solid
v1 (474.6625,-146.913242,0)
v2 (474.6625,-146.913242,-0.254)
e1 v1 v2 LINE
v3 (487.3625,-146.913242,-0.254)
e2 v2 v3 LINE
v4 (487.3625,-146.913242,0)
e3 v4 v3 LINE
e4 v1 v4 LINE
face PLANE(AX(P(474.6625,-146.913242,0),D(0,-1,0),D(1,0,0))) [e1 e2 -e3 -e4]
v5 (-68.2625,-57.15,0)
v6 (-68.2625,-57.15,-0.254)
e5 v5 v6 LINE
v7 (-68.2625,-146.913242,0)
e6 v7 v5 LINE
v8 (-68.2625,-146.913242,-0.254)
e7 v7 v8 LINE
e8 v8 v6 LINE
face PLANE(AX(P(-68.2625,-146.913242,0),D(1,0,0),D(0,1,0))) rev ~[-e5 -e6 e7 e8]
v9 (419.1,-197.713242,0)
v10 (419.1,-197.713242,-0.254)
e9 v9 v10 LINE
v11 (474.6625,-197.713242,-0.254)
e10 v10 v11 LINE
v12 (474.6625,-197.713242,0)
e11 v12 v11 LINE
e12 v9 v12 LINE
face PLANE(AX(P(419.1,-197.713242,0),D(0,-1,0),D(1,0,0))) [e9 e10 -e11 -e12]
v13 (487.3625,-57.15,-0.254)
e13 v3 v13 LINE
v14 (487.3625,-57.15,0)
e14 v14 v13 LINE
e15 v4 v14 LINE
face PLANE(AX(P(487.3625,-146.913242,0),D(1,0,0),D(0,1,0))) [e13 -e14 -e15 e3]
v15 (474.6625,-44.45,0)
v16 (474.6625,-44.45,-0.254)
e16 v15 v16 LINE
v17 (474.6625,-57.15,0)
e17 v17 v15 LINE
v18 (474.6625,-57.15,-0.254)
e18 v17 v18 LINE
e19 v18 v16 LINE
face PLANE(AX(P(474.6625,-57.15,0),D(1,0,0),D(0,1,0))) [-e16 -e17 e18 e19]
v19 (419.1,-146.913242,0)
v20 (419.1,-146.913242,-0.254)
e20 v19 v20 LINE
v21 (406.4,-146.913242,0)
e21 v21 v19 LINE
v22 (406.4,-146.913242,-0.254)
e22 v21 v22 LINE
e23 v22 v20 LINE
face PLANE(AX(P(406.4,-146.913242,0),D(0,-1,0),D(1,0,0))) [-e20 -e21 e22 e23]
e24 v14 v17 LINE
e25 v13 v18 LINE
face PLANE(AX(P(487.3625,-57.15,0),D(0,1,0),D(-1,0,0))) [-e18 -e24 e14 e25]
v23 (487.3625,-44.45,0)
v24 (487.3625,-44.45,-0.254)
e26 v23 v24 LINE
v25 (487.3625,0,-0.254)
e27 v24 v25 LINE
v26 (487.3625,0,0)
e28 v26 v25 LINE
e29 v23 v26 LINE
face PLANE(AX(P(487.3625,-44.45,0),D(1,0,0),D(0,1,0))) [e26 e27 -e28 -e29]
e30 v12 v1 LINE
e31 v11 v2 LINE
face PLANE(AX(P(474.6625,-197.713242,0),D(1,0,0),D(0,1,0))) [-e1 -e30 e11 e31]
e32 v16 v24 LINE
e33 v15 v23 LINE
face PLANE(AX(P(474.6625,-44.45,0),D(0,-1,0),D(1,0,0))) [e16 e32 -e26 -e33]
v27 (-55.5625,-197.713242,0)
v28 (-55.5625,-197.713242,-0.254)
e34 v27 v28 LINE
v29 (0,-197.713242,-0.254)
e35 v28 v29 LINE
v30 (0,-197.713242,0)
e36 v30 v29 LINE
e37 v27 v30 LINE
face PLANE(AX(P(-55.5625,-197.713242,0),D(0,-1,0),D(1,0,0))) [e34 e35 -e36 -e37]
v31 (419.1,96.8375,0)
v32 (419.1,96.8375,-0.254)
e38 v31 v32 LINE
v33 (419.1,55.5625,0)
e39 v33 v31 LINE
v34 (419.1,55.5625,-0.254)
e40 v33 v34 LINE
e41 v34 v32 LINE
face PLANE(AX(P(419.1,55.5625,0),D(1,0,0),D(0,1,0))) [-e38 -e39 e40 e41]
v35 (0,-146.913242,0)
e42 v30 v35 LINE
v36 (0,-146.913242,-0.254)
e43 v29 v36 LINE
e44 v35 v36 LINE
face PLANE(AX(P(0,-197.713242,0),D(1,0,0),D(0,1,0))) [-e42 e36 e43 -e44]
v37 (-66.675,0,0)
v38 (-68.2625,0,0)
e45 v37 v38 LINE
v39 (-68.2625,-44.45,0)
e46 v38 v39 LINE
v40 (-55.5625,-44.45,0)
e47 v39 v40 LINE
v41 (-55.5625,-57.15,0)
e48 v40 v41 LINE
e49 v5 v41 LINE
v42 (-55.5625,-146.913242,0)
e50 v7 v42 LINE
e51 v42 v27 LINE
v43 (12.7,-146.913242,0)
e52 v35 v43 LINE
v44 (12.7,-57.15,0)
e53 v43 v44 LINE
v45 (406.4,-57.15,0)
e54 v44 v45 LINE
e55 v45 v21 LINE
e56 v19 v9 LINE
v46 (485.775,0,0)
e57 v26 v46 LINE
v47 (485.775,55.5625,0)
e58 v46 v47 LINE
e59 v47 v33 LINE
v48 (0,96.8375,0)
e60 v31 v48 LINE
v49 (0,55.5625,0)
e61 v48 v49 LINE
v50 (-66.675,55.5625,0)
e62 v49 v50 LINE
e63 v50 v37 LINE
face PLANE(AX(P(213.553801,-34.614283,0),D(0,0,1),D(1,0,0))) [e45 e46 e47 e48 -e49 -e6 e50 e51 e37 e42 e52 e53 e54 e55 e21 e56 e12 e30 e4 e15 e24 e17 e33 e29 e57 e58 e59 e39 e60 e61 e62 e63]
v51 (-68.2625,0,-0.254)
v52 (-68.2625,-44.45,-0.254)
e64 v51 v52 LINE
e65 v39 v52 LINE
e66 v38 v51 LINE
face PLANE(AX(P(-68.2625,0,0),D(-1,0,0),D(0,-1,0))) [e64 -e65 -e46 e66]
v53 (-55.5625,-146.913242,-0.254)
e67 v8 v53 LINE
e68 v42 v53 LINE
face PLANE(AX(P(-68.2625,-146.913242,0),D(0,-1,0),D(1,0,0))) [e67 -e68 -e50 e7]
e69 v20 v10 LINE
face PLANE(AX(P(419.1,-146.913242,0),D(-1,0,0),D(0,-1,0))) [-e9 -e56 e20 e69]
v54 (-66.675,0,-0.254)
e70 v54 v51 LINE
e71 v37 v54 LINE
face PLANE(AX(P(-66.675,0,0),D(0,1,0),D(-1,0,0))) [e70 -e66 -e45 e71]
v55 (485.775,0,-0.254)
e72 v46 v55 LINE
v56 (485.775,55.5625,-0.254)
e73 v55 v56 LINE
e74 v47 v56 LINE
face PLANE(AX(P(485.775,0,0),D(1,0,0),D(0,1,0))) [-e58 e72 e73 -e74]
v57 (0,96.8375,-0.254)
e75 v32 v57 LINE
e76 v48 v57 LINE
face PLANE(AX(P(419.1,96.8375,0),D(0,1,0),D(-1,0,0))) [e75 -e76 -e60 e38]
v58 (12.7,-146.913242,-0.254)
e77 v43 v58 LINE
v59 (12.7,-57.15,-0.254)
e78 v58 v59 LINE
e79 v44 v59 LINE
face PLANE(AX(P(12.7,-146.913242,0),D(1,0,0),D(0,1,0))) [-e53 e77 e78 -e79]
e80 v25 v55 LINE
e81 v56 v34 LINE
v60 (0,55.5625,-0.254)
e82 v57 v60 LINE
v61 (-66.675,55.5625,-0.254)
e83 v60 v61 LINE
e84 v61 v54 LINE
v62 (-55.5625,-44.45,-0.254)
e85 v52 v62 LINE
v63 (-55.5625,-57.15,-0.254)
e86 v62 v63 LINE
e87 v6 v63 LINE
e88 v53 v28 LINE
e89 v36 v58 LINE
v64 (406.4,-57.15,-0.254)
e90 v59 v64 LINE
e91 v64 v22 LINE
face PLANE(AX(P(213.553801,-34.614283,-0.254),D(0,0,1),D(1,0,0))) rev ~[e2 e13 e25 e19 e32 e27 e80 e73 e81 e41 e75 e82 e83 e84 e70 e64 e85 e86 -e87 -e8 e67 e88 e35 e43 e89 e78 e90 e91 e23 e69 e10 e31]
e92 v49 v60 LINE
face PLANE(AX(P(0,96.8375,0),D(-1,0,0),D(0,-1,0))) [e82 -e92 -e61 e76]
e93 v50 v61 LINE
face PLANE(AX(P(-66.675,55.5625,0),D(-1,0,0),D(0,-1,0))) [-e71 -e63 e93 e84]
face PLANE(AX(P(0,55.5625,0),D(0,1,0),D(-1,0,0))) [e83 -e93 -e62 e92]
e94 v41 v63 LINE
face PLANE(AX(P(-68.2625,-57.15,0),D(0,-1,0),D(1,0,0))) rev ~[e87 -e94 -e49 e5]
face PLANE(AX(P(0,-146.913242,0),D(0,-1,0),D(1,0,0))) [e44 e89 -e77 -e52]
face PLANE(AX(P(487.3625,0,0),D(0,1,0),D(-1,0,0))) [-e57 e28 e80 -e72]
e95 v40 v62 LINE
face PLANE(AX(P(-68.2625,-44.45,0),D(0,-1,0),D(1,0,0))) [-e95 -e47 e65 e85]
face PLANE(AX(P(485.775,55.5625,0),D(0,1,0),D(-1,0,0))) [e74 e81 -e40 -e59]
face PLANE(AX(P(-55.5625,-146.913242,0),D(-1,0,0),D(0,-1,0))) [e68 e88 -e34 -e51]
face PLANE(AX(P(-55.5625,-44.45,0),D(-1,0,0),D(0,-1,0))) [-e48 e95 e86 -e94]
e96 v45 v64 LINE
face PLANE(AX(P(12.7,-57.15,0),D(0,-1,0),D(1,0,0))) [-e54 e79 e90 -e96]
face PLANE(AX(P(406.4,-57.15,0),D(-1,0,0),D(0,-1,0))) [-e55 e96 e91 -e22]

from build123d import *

# Parameters (mm, degrees)
F0_W     = 12.7
F0_H     = 89.7632419945
F1_DEPTH = 0.254


with BuildPart() as f1:
    # F0 (on Top) → F1 (new body)
    with BuildSketch(Plane.XY):
        Polygon((12.7, -146.9132419945), (12.7, -57.15), (209.55, -57.15), (406.4, -57.15), (406.4, -146.9132419945), (419.1, -146.9132419945), (419.1, -185.0132419945), (419.1, -197.7132419945), (474.6625, -197.7132419945), (474.6625, -185.0132419945), (474.6625, -146.9132419945), (487.3625, -146.9132419945), (487.3625, -57.15), (474.6625, -57.15), (474.6625, -44.45), (487.3625, -44.45), (487.3625, 0), (485.775, 0), (485.775, 55.5625), (473.075, 55.5625), (419.1, 55.5625), (419.1, 84.1375), (419.1, 96.8375), (209.55, 96.8375), (0, 96.8375), (0, 84.1375), (0, 55.5625), (-53.975, 55.5625), (-66.675, 55.5625), (-66.675, 0), (-68.2625, 0), (-68.2625, -44.45), (-55.5625, -44.45), (-55.5625, -57.15), (-55.5625, -146.9132419945), (-55.5625, -185.0132419945), (-55.5625, -197.7132419945), (0, -197.7132419945), (0, -185.0132419945), (0, -146.9132419945), align=None)
        with Locations((-61.9125, -102.0316209972)):
            Rectangle(F0_W, F0_H)
    extrude(amount=-F1_DEPTH)


solid = f1.part
